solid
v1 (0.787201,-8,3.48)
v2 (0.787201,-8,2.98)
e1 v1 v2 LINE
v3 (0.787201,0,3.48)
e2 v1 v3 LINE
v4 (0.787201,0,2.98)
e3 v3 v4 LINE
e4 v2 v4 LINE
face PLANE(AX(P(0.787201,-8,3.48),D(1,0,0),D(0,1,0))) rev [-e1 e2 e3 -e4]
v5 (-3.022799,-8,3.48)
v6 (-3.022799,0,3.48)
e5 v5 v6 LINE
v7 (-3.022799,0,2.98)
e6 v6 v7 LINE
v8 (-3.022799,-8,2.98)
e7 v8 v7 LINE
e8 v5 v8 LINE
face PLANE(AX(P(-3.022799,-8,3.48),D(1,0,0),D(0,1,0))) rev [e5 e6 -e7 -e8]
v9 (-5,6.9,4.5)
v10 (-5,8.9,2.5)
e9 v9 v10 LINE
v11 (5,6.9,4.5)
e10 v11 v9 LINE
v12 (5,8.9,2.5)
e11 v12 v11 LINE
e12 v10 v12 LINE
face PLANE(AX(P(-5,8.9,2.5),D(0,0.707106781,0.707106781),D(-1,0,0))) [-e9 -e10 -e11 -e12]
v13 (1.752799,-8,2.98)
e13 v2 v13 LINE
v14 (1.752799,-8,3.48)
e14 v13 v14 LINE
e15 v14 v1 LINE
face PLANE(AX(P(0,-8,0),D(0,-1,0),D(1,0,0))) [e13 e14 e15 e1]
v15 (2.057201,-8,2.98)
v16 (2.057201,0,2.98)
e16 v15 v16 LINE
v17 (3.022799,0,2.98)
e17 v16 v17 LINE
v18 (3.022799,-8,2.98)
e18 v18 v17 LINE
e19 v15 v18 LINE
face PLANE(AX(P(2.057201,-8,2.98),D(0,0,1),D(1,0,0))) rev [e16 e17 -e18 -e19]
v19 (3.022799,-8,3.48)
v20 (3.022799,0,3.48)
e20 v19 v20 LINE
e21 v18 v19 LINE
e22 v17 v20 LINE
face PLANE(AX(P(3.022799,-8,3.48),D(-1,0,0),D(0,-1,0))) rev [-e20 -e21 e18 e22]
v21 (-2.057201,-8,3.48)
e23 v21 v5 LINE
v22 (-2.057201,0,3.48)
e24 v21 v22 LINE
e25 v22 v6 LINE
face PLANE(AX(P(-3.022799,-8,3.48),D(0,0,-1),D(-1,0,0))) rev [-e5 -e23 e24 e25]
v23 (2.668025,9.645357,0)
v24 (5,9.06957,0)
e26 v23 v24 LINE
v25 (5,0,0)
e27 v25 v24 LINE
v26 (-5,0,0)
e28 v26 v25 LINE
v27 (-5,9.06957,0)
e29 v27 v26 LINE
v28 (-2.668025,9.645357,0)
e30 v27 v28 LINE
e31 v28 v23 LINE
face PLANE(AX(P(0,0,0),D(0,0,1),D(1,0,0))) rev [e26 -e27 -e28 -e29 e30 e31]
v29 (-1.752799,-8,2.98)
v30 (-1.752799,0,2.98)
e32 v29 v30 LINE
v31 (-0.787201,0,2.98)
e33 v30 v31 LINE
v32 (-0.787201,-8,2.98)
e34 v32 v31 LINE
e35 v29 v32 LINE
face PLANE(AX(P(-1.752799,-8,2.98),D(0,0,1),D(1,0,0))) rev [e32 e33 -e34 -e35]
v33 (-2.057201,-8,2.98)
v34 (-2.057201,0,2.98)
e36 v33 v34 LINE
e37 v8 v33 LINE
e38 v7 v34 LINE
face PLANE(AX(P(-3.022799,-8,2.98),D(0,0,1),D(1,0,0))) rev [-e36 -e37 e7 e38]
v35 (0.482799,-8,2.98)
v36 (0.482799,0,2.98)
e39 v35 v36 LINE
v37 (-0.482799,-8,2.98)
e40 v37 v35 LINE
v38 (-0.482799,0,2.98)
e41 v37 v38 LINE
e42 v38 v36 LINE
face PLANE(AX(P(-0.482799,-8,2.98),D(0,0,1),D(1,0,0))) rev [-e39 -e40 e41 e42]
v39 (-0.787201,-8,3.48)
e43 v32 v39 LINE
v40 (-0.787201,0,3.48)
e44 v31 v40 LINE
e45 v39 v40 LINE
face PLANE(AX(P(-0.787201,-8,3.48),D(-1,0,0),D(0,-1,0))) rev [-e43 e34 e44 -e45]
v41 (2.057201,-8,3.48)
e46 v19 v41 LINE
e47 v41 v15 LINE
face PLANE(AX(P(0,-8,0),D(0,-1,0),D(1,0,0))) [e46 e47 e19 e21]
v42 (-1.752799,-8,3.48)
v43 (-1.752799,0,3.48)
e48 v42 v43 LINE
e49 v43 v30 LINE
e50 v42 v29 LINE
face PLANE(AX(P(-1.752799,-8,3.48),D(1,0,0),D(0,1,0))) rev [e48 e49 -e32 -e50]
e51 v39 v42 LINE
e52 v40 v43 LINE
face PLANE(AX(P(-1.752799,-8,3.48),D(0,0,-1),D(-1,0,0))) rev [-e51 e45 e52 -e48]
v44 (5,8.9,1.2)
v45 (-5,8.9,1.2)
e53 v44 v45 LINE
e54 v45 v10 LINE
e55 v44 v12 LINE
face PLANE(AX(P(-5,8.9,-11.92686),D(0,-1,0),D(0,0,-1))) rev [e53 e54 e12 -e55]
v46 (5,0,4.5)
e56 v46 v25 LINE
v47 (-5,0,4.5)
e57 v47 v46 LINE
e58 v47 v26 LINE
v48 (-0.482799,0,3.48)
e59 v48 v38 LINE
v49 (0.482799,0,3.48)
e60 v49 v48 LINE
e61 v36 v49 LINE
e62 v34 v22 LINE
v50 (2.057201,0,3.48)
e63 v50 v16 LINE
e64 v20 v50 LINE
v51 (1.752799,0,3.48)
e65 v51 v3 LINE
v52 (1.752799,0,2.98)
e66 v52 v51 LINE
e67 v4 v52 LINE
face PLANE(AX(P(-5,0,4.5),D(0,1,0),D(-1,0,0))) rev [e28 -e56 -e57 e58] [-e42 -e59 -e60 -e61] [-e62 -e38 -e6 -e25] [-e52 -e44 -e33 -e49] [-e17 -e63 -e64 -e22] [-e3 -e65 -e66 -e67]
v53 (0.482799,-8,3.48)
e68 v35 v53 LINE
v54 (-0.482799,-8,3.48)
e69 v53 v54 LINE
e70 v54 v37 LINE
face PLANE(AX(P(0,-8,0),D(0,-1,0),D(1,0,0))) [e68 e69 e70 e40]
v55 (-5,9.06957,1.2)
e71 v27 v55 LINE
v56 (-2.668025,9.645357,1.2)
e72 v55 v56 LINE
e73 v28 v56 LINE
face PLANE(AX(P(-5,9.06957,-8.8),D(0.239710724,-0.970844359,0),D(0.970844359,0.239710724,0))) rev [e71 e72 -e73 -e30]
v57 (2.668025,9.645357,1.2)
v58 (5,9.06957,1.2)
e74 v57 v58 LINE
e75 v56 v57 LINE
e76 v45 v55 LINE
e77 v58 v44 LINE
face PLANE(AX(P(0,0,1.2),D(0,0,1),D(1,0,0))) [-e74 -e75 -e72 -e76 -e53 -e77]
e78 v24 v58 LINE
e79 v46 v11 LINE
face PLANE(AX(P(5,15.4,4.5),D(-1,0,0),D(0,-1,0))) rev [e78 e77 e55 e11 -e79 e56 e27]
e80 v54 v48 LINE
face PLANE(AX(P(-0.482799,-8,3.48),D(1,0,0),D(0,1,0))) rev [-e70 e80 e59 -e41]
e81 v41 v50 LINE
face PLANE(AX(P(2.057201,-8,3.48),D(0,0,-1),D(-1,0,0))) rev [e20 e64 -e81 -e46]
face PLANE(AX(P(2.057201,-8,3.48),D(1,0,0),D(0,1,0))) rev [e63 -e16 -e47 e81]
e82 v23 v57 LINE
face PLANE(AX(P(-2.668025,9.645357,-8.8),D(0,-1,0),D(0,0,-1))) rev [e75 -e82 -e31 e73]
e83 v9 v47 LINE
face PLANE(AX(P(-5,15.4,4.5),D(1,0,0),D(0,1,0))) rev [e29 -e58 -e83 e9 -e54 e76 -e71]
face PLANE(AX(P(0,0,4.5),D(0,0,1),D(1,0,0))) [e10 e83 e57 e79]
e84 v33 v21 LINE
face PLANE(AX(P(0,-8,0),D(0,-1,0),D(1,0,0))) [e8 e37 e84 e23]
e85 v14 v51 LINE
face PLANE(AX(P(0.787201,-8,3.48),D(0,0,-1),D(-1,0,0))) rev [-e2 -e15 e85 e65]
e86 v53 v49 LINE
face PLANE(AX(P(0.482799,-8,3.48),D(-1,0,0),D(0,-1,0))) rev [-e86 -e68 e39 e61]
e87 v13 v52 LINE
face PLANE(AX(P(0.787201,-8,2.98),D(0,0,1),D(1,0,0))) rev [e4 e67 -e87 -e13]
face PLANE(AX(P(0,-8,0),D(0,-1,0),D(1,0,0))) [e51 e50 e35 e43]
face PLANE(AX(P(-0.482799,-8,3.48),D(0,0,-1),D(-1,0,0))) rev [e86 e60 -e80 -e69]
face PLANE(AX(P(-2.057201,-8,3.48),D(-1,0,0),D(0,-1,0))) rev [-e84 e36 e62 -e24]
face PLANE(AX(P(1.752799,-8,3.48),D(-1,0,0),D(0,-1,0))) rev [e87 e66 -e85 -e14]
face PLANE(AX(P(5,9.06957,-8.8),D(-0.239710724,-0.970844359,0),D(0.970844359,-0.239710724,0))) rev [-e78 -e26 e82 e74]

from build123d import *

# Parameters (mm, degrees)
SKETCH_1_W          = 10
SKETCH_1_H          = 15.4
EXTRUDE_1_DEPTH     = 4.5
SKETCH_2_W          = 10
SKETCH_2_H          = 6.5
CUT_EXTRUDE_1_DEPTH = 3.3
CHAMFER_1_SIZE      = 2
CUT_EXTRUDE_2_DEPTH = 10
SKETCH_4_W          = 0.965597518
SKETCH_4_H          = 0.5
EXTRUDE_2_DEPTH     = 8


with BuildPart() as part:
    # 草图1 → 凸台-拉伸1 (new body)
    with BuildSketch(Plane.XY):
        with Locations((0, 7.7)):
            Rectangle(SKETCH_1_W, SKETCH_1_H)
    extrude(amount=EXTRUDE_1_DEPTH)

    # 草图2 → 切除-拉伸1 (cut)
    with BuildSketch(Plane.XY.offset(4.5)):
        with Locations((0, 12.15)):
            Rectangle(SKETCH_2_W, SKETCH_2_H)
    extrude(amount=-CUT_EXTRUDE_1_DEPTH, mode=Mode.SUBTRACT)

    # 倒角1
    chamfer_1_edges = [part.edges().sort_by_distance(p)[0] for p in [
        (0, 8.9, 4.5),
    ]]
    chamfer(chamfer_1_edges, length=CHAMFER_1_SIZE)

    # 草图5 → 切除-拉伸2 (cut)
    with BuildSketch(Plane.XY.offset(1.2)):
        Polygon((-5, 9.069569731), (-2.668025146, 9.645356545), (2.668025146, 9.645356545), (5, 9.069569731), (5, 15.4), (-5, 15.4), align=None)
    extrude(amount=-CUT_EXTRUDE_2_DEPTH, mode=Mode.SUBTRACT)

    # 草图4 → 凸台-拉伸2 (add)
    with BuildSketch(Plane.XZ):
        with Locations((1.27, 3.23)):
            Rectangle(SKETCH_4_W, SKETCH_4_H)
        with Locations((0, 3.23)):
            Rectangle(SKETCH_4_W, SKETCH_4_H)
        with Locations((-1.27, 3.23)):
            Rectangle(SKETCH_4_W, SKETCH_4_H)
        with Locations((-2.54, 3.23)):
            Rectangle(SKETCH_4_W, SKETCH_4_H)
        with Locations((2.54, 3.23)):
            Rectangle(SKETCH_4_W, SKETCH_4_H)
    extrude(amount=EXTRUDE_2_DEPTH)


solid = part.part
